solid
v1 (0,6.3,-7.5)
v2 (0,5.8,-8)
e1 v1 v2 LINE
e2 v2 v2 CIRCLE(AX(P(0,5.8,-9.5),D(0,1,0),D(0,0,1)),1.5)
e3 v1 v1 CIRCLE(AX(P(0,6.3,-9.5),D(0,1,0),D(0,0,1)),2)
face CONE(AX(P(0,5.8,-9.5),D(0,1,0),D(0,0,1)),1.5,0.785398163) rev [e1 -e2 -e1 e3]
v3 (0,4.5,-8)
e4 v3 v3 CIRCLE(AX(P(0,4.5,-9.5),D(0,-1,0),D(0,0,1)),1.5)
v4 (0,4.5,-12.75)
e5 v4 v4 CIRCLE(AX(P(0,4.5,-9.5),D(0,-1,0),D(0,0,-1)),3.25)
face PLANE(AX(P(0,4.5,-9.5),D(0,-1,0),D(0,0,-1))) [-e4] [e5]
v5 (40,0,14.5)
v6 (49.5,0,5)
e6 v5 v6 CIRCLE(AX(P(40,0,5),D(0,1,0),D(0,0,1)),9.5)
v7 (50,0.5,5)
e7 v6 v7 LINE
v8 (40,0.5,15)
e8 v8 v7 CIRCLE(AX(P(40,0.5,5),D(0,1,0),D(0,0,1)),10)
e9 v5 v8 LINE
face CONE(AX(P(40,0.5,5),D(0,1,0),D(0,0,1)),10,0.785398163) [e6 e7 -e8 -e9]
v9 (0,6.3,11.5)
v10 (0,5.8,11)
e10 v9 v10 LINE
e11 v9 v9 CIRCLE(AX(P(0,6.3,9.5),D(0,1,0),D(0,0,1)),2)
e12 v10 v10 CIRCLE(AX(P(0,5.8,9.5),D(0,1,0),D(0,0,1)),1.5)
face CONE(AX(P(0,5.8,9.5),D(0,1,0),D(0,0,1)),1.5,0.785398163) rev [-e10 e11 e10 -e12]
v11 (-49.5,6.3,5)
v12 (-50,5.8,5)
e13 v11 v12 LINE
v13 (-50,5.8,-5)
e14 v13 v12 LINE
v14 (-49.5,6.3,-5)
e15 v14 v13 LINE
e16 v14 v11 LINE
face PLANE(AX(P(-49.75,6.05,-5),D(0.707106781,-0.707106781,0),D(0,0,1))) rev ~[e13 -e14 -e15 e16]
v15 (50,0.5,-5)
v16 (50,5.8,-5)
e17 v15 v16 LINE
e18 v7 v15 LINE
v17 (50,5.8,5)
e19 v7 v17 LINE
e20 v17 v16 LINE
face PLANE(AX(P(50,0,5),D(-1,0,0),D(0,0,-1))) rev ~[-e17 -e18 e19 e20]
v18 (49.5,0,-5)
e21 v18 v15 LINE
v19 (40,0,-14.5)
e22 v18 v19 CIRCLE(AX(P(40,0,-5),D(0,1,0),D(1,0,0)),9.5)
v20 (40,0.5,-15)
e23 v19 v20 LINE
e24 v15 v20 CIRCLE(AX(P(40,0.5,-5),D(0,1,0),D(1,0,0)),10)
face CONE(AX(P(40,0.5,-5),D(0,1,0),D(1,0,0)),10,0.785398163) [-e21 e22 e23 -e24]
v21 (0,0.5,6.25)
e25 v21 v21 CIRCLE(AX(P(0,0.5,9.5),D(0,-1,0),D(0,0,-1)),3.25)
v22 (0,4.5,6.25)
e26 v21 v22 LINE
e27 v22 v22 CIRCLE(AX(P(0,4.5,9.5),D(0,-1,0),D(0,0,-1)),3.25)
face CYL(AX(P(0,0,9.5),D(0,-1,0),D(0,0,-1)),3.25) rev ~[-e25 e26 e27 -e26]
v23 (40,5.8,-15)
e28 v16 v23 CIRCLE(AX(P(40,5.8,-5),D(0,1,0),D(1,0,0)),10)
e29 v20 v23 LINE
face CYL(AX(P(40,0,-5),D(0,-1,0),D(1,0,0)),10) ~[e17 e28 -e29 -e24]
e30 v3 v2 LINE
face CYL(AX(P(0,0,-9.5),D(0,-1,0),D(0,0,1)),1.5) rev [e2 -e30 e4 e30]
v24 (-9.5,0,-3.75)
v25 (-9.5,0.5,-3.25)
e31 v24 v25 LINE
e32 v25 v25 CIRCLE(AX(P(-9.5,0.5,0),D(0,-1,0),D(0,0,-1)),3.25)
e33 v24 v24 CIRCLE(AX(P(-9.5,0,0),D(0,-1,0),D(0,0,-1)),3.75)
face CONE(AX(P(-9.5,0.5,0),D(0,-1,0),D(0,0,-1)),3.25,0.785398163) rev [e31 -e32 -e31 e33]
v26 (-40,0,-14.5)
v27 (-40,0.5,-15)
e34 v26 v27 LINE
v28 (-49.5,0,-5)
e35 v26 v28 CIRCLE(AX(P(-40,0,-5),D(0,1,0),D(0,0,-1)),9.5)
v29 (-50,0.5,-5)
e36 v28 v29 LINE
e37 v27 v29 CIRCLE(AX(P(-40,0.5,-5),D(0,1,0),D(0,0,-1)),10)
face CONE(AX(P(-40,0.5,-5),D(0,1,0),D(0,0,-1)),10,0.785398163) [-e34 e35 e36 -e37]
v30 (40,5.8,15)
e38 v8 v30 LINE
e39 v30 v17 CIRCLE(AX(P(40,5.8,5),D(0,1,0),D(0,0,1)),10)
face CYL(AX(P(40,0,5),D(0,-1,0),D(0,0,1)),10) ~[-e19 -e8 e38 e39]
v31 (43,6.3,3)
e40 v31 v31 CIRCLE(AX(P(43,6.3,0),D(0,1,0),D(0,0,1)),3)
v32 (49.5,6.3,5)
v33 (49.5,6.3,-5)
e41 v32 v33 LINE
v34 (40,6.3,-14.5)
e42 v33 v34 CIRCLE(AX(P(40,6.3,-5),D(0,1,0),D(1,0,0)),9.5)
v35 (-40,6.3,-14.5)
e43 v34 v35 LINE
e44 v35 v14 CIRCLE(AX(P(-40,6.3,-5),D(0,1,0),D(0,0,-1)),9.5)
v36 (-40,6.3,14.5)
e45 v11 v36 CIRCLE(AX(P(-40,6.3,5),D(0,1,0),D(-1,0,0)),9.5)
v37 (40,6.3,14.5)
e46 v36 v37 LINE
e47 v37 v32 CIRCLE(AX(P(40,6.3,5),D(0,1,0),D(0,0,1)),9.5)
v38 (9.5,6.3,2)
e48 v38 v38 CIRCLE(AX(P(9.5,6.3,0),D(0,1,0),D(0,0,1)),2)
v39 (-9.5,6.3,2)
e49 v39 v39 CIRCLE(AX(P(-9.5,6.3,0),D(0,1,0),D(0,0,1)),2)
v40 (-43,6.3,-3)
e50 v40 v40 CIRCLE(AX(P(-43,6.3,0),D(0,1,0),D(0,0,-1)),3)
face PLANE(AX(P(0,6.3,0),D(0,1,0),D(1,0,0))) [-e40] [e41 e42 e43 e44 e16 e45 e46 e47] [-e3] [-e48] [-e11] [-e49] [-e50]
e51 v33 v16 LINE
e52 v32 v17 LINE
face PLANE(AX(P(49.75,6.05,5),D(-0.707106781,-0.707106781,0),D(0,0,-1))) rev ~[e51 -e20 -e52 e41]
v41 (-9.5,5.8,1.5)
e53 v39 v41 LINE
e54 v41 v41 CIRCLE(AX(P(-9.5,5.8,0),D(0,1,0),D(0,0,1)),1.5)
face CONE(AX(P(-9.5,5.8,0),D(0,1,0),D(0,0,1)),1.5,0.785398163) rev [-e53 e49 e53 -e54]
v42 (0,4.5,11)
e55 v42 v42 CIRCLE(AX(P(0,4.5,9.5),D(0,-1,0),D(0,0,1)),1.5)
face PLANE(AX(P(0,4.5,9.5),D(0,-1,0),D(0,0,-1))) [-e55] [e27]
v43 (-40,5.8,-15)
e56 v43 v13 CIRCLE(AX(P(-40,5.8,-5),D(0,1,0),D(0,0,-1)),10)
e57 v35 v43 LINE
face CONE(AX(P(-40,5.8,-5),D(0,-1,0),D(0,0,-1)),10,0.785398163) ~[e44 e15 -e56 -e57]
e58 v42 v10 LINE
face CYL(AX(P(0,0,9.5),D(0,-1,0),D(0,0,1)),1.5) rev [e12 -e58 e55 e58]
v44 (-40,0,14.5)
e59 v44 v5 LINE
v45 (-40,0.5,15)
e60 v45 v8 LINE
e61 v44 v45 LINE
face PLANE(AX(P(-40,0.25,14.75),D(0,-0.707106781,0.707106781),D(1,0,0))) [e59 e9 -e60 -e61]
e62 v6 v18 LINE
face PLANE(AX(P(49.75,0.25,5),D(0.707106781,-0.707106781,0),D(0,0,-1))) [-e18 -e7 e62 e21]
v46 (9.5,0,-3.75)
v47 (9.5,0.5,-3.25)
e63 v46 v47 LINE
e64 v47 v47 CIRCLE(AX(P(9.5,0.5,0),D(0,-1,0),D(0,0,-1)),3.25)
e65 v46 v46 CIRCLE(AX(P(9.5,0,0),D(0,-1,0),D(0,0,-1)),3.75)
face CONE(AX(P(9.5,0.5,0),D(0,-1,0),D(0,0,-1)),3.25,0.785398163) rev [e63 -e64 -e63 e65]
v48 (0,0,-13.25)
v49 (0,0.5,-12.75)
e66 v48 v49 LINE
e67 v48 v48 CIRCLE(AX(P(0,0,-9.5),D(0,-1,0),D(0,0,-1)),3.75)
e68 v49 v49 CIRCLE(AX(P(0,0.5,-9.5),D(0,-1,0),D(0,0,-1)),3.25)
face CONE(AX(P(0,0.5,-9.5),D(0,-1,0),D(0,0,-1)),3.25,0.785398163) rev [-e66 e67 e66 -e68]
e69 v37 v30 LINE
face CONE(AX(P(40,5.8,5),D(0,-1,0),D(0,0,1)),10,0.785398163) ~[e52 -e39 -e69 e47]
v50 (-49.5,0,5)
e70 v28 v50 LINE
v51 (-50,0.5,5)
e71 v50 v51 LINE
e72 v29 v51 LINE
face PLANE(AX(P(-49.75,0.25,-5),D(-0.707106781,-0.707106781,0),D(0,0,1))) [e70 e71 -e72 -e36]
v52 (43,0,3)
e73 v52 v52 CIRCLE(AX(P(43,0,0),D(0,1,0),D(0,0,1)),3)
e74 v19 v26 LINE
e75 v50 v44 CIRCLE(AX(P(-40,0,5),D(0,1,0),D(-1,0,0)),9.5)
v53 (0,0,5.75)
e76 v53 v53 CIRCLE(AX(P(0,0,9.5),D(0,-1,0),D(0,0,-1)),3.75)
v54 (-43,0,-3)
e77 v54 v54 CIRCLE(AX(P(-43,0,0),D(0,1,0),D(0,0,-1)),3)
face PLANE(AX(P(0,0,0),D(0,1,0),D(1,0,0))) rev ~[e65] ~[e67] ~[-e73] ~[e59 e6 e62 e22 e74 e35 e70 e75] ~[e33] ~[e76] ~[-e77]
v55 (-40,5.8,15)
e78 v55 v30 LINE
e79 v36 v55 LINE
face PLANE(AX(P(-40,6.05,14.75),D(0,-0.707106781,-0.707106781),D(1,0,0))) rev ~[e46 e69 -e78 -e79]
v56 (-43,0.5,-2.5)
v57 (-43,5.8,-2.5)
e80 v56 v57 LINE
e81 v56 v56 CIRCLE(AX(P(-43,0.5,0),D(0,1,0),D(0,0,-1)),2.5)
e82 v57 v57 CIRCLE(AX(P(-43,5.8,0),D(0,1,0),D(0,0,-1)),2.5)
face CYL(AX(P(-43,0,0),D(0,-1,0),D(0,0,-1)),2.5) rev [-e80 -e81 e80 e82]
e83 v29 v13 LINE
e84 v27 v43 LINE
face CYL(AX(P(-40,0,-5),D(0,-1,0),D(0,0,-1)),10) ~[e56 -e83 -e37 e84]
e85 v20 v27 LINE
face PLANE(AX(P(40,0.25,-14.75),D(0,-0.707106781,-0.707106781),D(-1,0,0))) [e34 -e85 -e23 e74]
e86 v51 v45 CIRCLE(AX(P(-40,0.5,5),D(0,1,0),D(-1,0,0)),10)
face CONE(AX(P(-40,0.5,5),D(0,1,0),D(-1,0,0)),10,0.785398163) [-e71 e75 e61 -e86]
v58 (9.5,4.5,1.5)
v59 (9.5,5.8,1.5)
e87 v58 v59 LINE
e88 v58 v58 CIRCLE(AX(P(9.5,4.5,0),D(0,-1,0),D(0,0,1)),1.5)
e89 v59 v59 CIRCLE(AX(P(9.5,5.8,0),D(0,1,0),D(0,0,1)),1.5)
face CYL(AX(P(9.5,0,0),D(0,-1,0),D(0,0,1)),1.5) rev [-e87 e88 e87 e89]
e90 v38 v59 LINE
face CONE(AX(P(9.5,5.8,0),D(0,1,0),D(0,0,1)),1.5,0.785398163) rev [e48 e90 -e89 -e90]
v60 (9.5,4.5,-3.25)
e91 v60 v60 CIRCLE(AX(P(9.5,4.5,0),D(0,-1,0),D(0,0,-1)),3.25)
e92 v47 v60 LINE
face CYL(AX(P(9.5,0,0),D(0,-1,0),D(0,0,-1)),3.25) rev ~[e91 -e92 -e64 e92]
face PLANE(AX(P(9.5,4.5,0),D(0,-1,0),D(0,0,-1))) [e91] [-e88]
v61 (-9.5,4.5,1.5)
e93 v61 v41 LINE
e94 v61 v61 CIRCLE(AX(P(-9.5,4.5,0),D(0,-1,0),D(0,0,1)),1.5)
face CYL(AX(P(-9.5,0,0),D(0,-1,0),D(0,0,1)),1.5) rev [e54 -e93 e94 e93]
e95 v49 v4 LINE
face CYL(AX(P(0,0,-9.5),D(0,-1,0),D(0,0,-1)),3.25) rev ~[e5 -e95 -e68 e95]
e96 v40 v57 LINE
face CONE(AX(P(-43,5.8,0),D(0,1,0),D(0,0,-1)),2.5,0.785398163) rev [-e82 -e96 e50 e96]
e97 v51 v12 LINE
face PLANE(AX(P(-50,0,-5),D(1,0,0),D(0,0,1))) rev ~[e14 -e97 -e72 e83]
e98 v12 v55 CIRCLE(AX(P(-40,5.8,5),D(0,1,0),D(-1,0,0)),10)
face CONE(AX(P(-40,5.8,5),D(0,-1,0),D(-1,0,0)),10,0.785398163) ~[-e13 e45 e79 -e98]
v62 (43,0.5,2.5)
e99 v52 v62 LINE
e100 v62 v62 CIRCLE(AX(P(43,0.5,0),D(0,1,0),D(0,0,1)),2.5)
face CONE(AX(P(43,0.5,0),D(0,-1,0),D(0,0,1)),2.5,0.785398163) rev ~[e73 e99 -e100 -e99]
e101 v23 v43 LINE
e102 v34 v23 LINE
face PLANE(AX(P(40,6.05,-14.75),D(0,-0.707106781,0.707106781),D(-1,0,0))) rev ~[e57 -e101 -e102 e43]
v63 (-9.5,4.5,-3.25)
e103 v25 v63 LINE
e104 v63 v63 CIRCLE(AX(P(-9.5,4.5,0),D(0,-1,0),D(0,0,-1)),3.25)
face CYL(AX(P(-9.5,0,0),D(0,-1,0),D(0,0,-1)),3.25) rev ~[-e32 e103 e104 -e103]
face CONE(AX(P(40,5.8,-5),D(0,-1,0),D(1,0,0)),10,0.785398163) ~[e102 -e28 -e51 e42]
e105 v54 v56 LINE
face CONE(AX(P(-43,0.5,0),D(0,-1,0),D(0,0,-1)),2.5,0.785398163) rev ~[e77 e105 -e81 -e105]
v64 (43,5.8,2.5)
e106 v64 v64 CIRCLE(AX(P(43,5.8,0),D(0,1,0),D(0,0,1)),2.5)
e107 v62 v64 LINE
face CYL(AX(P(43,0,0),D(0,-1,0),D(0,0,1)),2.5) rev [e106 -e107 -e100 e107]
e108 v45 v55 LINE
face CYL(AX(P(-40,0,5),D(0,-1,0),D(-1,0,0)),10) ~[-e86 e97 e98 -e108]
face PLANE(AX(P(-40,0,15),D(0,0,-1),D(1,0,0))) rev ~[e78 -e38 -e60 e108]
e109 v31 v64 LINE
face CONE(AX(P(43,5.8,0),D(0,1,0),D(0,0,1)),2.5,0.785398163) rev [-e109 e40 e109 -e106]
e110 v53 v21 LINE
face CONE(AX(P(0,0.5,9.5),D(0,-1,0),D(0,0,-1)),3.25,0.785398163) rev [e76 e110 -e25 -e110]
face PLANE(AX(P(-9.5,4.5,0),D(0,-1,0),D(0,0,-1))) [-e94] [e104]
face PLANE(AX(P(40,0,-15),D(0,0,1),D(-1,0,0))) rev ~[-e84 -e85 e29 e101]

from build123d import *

# Parameters (mm, degrees)
SKETCH1_R           = 2.5
SKETCH1_R_2         = 1.5
BOSS_EXTRUDE1_DEPTH = 6.3
SKETCH2_R           = 3.25
CUT_EXTRUDE1_DEPTH  = 4.5
CHAMFER1_SIZE       = 0.5


with BuildPart() as part:
    # Sketch1 → Boss-Extrude1 (new body)
    with BuildSketch(Plane(origin=(0, 0, 0), x_dir=(1, 0, 0), z_dir=(0, 1, 0))):
        with BuildLine():
            Line((40, 15), (-40, 15))
            ThreePointArc((-40, 15), (-47.071067812, 12.071067812), (-50, 5))
            Line((-50, 5), (-50, -5))
            ThreePointArc((-50, -5), (-47.071067812, -12.071067812), (-40, -15))
            Line((-40, -15), (40, -15))
            ThreePointArc((40, -15), (47.071067812, -12.071067812), (50, -5))
            Line((50, -5), (50, 5))
            ThreePointArc((50, 5), (47.071067812, 12.071067812), (40, 15))
        make_face()
        with Locations(Location((43, 0, 0), (0, 0, 270))):
            Circle(SKETCH1_R, mode=Mode.SUBTRACT)
        with Locations(Location((-43, 0, 0), (0, 0, 90))):
            Circle(SKETCH1_R, mode=Mode.SUBTRACT)
        with Locations(Location((0, -9.5, 0), (0, 0, 270))):
            Circle(SKETCH1_R_2, mode=Mode.SUBTRACT)
        with Locations(Location((-9.5, 0, 0), (0, 0, 270))):
            Circle(SKETCH1_R_2, mode=Mode.SUBTRACT)
        with Locations(Location((0, 9.5, 0), (0, 0, 270))):
            Circle(SKETCH1_R_2, mode=Mode.SUBTRACT)
        with Locations(Location((9.5, 0, 0), (0, 0, 270))):
            Circle(SKETCH1_R_2, mode=Mode.SUBTRACT)
    extrude(amount=BOSS_EXTRUDE1_DEPTH)

    # Sketch2 → Cut-Extrude1 (cut)
    with BuildSketch(Plane.XZ):
        with Locations(Location((0, 9.5, 0), (0, 0, 270))):
            Circle(SKETCH2_R)
        with Locations(Location((9.5, 0, 0), (0, 0, 270))):
            Circle(SKETCH2_R)
        with Locations(Location((0, -9.5, 0), (0, 0, 270))):
            Circle(SKETCH2_R)
        with Locations(Location((-9.5, 0, 0), (0, 0, 270))):
            Circle(SKETCH2_R)
    extrude(amount=-CUT_EXTRUDE1_DEPTH, mode=Mode.SUBTRACT)

    # Chamfer1
    chamfer1_edges = [part.edges().sort_by_distance(p)[0] for p in [
        (0, 0, 15),
        (-47.071067812, 0, 12.071067812),
        (-50, 0, 0),
        (-47.071067812, 0, -12.071067812),
        (-47.071067812, 6.3, 12.071067812),
        (0, 6.3, 15),
        (47.071067812, 6.3, 12.071067812),
        (43, 0, -2.5),
        (43, 6.3, -2.5),
        (50, 6.3, 0),
        (-43, 0, 2.5),
        (-43, 6.3, 2.5),
        (47.071067812, 6.3, -12.071067812),
        (0, 6.3, 8),
        (0, 6.3, -15),
        (-9.5, 6.3, -1.5),
        (0, 6.3, -11),
        (9.5, 6.3, -1.5),
        (-47.071067812, 6.3, -12.071067812),
        (0, 0, 12.75),
        (9.5, 0, 3.25),
        (0, 0, -6.25),
        (-9.5, 0, 3.25),
        (0, 0, -15),
        (-50, 6.3, 0),
        (47.071067812, 0, -12.071067812),
        (50, 0, 0),
        (47.071067812, 0, 12.071067812),
    ]]
    chamfer(chamfer1_edges, length=CHAMFER1_SIZE)


solid = part.part
